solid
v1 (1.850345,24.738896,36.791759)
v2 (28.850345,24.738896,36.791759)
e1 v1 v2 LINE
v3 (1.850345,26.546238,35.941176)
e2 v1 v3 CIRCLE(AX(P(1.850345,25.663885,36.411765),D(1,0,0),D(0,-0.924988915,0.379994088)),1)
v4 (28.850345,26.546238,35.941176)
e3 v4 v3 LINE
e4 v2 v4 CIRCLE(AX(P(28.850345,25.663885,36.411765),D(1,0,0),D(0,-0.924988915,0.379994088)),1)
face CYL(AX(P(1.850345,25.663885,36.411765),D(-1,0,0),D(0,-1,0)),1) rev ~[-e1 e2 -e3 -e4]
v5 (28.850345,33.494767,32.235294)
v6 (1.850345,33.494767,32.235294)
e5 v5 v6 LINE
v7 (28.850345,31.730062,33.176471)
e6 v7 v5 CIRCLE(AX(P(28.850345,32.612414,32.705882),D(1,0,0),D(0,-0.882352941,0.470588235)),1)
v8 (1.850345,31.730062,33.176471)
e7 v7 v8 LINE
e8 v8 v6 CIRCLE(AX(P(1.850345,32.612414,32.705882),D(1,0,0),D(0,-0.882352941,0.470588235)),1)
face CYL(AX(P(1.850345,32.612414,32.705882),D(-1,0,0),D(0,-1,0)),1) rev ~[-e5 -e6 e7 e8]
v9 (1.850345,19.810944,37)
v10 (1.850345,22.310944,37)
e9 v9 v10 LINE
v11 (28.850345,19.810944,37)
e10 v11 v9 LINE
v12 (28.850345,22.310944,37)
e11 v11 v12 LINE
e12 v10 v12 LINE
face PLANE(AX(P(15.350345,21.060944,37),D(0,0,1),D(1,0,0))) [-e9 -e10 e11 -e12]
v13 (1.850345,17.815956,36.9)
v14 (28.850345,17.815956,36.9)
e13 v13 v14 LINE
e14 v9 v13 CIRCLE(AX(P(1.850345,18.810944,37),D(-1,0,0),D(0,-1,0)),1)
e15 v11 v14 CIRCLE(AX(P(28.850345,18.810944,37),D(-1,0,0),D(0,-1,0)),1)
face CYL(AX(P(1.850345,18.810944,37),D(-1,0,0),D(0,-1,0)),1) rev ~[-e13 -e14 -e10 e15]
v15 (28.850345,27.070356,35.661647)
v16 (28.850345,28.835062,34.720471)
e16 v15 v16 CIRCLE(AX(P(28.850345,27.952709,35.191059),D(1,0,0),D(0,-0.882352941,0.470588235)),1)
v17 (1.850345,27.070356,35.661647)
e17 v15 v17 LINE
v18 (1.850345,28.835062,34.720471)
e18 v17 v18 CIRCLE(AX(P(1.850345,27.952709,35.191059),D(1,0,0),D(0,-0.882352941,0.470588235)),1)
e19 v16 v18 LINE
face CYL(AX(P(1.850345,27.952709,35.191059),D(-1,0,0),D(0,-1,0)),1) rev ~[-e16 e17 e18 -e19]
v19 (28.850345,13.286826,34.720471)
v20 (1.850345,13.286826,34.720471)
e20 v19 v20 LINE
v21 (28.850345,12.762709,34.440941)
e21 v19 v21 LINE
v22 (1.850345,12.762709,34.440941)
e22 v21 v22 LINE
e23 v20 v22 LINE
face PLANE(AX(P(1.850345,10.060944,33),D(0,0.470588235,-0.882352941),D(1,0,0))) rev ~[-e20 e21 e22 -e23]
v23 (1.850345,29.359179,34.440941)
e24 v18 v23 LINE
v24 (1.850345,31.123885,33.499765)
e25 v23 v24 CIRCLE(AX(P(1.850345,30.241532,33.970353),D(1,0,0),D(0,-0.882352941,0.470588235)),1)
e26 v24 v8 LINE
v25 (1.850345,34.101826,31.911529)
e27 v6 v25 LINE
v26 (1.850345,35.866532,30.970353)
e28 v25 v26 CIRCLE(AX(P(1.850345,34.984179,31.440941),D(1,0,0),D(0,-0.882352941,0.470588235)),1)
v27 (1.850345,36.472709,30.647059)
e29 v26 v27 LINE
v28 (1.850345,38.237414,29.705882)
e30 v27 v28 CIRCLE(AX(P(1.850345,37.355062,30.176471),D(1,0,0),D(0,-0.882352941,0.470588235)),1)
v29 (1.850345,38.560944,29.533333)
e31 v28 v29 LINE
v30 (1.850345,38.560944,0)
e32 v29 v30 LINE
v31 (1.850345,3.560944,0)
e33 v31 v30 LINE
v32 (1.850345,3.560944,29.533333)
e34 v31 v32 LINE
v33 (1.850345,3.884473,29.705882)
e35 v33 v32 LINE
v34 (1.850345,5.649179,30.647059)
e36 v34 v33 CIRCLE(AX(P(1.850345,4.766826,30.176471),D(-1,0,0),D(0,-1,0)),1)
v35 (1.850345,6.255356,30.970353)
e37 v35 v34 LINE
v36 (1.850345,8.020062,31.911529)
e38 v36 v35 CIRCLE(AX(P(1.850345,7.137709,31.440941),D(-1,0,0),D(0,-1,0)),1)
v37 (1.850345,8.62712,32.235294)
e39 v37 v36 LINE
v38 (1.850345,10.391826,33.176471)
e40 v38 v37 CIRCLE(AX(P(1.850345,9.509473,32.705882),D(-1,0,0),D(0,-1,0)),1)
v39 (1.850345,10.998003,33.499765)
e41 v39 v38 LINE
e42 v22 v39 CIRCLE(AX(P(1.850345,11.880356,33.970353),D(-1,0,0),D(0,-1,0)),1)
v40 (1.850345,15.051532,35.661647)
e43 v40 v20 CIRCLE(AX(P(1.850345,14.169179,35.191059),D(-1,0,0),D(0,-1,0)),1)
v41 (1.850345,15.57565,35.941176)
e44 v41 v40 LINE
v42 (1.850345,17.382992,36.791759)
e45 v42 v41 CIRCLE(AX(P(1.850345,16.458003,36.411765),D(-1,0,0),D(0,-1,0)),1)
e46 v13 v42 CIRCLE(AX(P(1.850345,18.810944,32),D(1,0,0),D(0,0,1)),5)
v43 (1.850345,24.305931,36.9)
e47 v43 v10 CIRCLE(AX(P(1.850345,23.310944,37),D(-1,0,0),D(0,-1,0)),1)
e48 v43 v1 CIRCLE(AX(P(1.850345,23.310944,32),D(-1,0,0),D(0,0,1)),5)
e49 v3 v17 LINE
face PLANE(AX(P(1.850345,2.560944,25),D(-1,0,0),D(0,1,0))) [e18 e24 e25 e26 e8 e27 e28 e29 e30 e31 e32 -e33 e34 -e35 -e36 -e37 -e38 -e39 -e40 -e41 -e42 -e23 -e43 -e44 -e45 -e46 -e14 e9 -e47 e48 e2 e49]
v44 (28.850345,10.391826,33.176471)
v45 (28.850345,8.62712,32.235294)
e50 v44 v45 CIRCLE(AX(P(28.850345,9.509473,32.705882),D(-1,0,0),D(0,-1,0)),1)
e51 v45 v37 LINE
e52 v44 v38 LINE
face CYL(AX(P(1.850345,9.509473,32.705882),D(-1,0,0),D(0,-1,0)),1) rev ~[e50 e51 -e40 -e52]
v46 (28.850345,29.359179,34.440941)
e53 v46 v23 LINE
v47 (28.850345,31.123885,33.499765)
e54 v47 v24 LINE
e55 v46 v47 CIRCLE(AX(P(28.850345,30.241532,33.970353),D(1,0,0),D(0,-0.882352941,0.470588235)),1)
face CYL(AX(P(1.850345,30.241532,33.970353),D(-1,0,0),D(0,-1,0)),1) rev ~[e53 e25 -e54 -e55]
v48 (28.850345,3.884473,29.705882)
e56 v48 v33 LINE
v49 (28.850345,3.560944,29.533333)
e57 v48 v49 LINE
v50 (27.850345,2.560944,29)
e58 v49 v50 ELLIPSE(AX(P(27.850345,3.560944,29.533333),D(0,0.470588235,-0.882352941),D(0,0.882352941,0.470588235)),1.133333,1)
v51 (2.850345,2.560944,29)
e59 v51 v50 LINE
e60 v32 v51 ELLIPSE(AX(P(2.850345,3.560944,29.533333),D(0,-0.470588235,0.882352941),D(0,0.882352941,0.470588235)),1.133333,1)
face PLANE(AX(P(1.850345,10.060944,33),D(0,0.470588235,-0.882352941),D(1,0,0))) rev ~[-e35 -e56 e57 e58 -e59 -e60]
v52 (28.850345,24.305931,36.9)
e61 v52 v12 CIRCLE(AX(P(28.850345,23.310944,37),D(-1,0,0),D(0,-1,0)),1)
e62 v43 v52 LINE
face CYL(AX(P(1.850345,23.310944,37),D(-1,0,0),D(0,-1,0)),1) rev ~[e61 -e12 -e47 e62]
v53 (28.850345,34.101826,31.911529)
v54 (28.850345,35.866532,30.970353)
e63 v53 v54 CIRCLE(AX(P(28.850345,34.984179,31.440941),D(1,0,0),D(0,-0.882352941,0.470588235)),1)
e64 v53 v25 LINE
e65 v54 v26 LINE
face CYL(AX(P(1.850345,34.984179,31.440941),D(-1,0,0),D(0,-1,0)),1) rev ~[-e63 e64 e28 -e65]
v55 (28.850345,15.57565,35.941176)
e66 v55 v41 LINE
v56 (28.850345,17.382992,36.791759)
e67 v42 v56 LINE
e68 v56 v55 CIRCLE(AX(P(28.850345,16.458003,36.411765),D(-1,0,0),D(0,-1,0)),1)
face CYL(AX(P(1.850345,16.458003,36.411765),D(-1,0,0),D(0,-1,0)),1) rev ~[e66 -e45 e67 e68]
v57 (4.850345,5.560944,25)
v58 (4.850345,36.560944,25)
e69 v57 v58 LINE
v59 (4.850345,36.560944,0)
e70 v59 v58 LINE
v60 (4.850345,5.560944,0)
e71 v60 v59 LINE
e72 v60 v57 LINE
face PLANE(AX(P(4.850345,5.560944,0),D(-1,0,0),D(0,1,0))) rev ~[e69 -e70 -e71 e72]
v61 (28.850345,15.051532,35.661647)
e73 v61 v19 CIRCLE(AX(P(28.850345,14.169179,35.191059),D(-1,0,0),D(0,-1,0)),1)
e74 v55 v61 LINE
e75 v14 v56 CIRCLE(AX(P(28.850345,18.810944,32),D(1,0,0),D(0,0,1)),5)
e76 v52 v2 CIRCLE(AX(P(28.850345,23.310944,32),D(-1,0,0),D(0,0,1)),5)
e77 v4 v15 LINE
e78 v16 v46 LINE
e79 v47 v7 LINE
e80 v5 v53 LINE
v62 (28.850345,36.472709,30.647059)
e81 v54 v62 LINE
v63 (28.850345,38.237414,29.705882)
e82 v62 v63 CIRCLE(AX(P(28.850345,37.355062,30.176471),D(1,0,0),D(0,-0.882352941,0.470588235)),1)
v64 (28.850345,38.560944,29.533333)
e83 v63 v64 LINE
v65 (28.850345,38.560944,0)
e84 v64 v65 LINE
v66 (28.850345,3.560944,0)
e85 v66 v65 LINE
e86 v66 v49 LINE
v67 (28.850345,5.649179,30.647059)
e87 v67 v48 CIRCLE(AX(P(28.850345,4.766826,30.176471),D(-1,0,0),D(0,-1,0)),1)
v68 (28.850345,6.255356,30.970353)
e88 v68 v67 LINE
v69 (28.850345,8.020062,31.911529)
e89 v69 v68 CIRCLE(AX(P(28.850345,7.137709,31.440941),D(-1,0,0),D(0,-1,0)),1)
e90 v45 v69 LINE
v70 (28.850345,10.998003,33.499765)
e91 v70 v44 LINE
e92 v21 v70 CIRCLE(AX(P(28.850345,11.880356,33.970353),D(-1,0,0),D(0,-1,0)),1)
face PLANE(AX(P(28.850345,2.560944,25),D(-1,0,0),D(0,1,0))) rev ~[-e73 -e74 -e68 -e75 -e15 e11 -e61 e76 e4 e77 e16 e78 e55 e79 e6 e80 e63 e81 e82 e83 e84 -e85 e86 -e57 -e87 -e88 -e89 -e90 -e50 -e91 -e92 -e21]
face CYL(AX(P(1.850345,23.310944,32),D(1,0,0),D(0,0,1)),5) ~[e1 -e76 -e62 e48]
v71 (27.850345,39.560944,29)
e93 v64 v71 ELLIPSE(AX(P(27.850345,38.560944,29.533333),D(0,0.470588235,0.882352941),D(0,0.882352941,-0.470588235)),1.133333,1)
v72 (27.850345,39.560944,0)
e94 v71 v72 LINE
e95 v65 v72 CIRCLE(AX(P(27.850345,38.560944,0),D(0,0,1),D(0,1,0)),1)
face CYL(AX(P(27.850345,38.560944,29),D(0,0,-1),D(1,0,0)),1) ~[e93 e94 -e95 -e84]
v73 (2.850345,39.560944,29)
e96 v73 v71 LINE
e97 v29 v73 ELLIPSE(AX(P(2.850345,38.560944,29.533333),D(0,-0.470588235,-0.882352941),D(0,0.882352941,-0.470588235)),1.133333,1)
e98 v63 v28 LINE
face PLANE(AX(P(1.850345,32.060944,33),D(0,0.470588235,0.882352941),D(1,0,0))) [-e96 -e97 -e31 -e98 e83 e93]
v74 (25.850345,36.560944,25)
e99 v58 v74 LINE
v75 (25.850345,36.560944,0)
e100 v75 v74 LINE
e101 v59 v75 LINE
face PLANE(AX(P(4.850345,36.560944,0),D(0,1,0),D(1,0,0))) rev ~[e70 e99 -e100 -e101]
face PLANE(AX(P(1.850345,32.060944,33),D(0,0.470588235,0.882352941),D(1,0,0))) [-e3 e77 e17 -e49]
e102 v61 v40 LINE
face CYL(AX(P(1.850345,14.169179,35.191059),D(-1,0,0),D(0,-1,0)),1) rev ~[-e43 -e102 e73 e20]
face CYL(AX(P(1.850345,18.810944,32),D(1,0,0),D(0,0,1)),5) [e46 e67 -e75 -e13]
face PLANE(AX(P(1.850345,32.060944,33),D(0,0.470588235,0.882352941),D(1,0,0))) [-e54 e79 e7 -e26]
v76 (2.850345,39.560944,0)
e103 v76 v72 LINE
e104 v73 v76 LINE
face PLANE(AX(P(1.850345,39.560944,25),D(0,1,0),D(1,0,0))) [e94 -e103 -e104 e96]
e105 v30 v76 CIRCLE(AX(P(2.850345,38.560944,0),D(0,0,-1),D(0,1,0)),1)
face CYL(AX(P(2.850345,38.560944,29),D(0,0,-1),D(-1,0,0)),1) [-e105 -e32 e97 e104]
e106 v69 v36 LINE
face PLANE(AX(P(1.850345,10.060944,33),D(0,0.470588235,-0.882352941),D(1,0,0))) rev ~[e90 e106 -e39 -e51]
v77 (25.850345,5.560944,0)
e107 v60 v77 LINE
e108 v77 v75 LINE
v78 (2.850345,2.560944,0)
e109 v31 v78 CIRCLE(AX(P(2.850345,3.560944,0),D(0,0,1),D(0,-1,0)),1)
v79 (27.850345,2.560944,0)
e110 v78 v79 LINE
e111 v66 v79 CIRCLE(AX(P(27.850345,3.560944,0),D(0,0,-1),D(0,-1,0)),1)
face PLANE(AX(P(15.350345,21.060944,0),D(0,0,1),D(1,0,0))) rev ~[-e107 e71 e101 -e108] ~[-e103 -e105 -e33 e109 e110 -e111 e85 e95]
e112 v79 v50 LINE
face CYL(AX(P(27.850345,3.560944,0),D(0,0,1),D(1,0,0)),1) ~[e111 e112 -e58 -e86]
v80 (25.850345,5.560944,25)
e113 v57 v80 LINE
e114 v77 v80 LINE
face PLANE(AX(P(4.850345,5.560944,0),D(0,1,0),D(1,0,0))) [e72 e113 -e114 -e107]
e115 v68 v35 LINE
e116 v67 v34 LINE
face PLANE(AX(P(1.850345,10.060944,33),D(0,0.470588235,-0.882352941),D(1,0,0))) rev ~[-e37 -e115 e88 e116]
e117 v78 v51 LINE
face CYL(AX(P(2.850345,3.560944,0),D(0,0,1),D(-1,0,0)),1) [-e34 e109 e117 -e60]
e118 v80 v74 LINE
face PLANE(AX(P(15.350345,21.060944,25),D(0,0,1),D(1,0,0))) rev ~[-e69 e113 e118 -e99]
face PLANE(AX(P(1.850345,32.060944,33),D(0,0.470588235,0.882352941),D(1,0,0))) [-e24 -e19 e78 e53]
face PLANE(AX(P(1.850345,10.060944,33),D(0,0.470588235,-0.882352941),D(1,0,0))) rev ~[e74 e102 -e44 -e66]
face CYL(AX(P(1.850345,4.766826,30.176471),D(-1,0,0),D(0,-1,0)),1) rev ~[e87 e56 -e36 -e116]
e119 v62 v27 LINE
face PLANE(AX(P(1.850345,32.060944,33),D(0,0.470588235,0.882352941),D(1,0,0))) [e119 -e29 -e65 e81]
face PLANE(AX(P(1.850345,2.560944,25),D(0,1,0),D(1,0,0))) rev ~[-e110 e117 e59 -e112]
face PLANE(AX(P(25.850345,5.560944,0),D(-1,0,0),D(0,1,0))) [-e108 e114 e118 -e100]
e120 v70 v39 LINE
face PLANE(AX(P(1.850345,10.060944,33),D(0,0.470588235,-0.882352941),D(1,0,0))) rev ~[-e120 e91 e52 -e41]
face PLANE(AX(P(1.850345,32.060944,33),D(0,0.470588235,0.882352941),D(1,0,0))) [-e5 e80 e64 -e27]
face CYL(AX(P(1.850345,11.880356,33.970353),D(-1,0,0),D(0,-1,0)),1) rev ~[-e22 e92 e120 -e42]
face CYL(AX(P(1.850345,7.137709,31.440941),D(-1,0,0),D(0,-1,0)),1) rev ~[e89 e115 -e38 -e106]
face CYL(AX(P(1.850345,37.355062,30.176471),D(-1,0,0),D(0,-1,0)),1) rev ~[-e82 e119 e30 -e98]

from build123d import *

# Parameters (mm, degrees)
F0_W     = 27
F0_H     = 37
F0_W_2   = 21
F0_H_2   = 31
F1_DEPTH = 25
F2_W     = 27
F2_H     = 37
F3_DEPTH = 12
F4_SIZE2 = 8
F4_SIZE  = 15
F5_R     = 5
F6_R     = 1
F7_DEPTH = 27.001
F8_R     = 1


with BuildPart() as f1:
    # F0 (on Top) → F1 (new body)
    with BuildSketch(Plane.XY):
        with Locations((15.3503448237, 21.0609438564)):
            Rectangle(F0_W, F0_H)
        with Locations((15.3503448237, 21.0609438564)):
            Rectangle(F0_W_2, F0_H_2, mode=Mode.SUBTRACT)
    extrude(amount=F1_DEPTH)

    # F2 (on face) → F3 (join)
    with BuildSketch(Plane.XY.offset(25)):
        with Locations((15.3503448237, 21.0609438564)):
            Rectangle(F2_W, F2_H)
    extrude(amount=F3_DEPTH)

    # F4
    f4_edges = [f1.edges().sort_by_distance(p)[0] for p in [
        (15.350345, 39.560944, 37),
        (15.350345, 2.560944, 37),
    ]]
    f4_side = f1.faces().sort_by_distance((15.350345, 21.060944, 37))[0]
    chamfer(f4_edges, length=F4_SIZE, length2=F4_SIZE2, reference=f4_side)

    # F5
    f5_edges = [f1.edges().sort_by_distance(p)[0] for p in [
        (15.350345, 24.560944, 37),
        (15.350345, 17.560944, 37),
    ]]
    fillet(f5_edges, radius=F5_R)

    # F6 (on face) → F7 (cut, through all)
    with BuildSketch(Plane(origin=(1.8503448237, 0, 0), x_dir=(0, -1, 0), z_dir=(-1, 0, 0))):
        with Locations((-32.6124144447, 32.7058823529)):
            Circle(F6_R)
        with Locations((-9.5094732682, 32.7058823529)):
            Circle(F6_R)
        with Locations((-25.6638850329, 36.4117647059)):
            Circle(F6_R)
        with Locations((-16.45800268, 36.4117647059)):
            Circle(F6_R)
        with Locations((-30.2415320917, 33.9703529412)):
            Circle(F6_R)
        with Locations((-11.8803556211, 33.9703529412)):
            Circle(F6_R)
        with Locations((-18.8109438564, 37)):
            Circle(F6_R)
        with Locations((-23.3109438564, 37)):
            Circle(F6_R)
        with Locations((-4.7668262094, 30.1764705882)):
            Circle(F6_R)
        with Locations((-37.3550615035, 30.1764705882)):
            Circle(F6_R)
        with Locations((-7.1377085623, 31.4409411765)):
            Circle(F6_R)
        with Locations((-34.9841791505, 31.4409411765)):
            Circle(F6_R)
        with Locations((-27.9527085623, 35.1910588235)):
            Circle(F6_R)
        with Locations((-14.1691791505, 35.1910588235)):
            Circle(F6_R)
    extrude(amount=-F7_DEPTH, mode=Mode.SUBTRACT)

    # F8
    f8_edges = [f1.edges().sort_by_distance(p)[0] for p in [
        (28.850345, 39.560944, 14.5),
        (1.850345, 39.560944, 14.5),
        (28.850345, 2.560944, 14.5),
        (1.850345, 2.560944, 14.5),
    ]]
    fillet(f8_edges, radius=F8_R)


solid = f1.part
